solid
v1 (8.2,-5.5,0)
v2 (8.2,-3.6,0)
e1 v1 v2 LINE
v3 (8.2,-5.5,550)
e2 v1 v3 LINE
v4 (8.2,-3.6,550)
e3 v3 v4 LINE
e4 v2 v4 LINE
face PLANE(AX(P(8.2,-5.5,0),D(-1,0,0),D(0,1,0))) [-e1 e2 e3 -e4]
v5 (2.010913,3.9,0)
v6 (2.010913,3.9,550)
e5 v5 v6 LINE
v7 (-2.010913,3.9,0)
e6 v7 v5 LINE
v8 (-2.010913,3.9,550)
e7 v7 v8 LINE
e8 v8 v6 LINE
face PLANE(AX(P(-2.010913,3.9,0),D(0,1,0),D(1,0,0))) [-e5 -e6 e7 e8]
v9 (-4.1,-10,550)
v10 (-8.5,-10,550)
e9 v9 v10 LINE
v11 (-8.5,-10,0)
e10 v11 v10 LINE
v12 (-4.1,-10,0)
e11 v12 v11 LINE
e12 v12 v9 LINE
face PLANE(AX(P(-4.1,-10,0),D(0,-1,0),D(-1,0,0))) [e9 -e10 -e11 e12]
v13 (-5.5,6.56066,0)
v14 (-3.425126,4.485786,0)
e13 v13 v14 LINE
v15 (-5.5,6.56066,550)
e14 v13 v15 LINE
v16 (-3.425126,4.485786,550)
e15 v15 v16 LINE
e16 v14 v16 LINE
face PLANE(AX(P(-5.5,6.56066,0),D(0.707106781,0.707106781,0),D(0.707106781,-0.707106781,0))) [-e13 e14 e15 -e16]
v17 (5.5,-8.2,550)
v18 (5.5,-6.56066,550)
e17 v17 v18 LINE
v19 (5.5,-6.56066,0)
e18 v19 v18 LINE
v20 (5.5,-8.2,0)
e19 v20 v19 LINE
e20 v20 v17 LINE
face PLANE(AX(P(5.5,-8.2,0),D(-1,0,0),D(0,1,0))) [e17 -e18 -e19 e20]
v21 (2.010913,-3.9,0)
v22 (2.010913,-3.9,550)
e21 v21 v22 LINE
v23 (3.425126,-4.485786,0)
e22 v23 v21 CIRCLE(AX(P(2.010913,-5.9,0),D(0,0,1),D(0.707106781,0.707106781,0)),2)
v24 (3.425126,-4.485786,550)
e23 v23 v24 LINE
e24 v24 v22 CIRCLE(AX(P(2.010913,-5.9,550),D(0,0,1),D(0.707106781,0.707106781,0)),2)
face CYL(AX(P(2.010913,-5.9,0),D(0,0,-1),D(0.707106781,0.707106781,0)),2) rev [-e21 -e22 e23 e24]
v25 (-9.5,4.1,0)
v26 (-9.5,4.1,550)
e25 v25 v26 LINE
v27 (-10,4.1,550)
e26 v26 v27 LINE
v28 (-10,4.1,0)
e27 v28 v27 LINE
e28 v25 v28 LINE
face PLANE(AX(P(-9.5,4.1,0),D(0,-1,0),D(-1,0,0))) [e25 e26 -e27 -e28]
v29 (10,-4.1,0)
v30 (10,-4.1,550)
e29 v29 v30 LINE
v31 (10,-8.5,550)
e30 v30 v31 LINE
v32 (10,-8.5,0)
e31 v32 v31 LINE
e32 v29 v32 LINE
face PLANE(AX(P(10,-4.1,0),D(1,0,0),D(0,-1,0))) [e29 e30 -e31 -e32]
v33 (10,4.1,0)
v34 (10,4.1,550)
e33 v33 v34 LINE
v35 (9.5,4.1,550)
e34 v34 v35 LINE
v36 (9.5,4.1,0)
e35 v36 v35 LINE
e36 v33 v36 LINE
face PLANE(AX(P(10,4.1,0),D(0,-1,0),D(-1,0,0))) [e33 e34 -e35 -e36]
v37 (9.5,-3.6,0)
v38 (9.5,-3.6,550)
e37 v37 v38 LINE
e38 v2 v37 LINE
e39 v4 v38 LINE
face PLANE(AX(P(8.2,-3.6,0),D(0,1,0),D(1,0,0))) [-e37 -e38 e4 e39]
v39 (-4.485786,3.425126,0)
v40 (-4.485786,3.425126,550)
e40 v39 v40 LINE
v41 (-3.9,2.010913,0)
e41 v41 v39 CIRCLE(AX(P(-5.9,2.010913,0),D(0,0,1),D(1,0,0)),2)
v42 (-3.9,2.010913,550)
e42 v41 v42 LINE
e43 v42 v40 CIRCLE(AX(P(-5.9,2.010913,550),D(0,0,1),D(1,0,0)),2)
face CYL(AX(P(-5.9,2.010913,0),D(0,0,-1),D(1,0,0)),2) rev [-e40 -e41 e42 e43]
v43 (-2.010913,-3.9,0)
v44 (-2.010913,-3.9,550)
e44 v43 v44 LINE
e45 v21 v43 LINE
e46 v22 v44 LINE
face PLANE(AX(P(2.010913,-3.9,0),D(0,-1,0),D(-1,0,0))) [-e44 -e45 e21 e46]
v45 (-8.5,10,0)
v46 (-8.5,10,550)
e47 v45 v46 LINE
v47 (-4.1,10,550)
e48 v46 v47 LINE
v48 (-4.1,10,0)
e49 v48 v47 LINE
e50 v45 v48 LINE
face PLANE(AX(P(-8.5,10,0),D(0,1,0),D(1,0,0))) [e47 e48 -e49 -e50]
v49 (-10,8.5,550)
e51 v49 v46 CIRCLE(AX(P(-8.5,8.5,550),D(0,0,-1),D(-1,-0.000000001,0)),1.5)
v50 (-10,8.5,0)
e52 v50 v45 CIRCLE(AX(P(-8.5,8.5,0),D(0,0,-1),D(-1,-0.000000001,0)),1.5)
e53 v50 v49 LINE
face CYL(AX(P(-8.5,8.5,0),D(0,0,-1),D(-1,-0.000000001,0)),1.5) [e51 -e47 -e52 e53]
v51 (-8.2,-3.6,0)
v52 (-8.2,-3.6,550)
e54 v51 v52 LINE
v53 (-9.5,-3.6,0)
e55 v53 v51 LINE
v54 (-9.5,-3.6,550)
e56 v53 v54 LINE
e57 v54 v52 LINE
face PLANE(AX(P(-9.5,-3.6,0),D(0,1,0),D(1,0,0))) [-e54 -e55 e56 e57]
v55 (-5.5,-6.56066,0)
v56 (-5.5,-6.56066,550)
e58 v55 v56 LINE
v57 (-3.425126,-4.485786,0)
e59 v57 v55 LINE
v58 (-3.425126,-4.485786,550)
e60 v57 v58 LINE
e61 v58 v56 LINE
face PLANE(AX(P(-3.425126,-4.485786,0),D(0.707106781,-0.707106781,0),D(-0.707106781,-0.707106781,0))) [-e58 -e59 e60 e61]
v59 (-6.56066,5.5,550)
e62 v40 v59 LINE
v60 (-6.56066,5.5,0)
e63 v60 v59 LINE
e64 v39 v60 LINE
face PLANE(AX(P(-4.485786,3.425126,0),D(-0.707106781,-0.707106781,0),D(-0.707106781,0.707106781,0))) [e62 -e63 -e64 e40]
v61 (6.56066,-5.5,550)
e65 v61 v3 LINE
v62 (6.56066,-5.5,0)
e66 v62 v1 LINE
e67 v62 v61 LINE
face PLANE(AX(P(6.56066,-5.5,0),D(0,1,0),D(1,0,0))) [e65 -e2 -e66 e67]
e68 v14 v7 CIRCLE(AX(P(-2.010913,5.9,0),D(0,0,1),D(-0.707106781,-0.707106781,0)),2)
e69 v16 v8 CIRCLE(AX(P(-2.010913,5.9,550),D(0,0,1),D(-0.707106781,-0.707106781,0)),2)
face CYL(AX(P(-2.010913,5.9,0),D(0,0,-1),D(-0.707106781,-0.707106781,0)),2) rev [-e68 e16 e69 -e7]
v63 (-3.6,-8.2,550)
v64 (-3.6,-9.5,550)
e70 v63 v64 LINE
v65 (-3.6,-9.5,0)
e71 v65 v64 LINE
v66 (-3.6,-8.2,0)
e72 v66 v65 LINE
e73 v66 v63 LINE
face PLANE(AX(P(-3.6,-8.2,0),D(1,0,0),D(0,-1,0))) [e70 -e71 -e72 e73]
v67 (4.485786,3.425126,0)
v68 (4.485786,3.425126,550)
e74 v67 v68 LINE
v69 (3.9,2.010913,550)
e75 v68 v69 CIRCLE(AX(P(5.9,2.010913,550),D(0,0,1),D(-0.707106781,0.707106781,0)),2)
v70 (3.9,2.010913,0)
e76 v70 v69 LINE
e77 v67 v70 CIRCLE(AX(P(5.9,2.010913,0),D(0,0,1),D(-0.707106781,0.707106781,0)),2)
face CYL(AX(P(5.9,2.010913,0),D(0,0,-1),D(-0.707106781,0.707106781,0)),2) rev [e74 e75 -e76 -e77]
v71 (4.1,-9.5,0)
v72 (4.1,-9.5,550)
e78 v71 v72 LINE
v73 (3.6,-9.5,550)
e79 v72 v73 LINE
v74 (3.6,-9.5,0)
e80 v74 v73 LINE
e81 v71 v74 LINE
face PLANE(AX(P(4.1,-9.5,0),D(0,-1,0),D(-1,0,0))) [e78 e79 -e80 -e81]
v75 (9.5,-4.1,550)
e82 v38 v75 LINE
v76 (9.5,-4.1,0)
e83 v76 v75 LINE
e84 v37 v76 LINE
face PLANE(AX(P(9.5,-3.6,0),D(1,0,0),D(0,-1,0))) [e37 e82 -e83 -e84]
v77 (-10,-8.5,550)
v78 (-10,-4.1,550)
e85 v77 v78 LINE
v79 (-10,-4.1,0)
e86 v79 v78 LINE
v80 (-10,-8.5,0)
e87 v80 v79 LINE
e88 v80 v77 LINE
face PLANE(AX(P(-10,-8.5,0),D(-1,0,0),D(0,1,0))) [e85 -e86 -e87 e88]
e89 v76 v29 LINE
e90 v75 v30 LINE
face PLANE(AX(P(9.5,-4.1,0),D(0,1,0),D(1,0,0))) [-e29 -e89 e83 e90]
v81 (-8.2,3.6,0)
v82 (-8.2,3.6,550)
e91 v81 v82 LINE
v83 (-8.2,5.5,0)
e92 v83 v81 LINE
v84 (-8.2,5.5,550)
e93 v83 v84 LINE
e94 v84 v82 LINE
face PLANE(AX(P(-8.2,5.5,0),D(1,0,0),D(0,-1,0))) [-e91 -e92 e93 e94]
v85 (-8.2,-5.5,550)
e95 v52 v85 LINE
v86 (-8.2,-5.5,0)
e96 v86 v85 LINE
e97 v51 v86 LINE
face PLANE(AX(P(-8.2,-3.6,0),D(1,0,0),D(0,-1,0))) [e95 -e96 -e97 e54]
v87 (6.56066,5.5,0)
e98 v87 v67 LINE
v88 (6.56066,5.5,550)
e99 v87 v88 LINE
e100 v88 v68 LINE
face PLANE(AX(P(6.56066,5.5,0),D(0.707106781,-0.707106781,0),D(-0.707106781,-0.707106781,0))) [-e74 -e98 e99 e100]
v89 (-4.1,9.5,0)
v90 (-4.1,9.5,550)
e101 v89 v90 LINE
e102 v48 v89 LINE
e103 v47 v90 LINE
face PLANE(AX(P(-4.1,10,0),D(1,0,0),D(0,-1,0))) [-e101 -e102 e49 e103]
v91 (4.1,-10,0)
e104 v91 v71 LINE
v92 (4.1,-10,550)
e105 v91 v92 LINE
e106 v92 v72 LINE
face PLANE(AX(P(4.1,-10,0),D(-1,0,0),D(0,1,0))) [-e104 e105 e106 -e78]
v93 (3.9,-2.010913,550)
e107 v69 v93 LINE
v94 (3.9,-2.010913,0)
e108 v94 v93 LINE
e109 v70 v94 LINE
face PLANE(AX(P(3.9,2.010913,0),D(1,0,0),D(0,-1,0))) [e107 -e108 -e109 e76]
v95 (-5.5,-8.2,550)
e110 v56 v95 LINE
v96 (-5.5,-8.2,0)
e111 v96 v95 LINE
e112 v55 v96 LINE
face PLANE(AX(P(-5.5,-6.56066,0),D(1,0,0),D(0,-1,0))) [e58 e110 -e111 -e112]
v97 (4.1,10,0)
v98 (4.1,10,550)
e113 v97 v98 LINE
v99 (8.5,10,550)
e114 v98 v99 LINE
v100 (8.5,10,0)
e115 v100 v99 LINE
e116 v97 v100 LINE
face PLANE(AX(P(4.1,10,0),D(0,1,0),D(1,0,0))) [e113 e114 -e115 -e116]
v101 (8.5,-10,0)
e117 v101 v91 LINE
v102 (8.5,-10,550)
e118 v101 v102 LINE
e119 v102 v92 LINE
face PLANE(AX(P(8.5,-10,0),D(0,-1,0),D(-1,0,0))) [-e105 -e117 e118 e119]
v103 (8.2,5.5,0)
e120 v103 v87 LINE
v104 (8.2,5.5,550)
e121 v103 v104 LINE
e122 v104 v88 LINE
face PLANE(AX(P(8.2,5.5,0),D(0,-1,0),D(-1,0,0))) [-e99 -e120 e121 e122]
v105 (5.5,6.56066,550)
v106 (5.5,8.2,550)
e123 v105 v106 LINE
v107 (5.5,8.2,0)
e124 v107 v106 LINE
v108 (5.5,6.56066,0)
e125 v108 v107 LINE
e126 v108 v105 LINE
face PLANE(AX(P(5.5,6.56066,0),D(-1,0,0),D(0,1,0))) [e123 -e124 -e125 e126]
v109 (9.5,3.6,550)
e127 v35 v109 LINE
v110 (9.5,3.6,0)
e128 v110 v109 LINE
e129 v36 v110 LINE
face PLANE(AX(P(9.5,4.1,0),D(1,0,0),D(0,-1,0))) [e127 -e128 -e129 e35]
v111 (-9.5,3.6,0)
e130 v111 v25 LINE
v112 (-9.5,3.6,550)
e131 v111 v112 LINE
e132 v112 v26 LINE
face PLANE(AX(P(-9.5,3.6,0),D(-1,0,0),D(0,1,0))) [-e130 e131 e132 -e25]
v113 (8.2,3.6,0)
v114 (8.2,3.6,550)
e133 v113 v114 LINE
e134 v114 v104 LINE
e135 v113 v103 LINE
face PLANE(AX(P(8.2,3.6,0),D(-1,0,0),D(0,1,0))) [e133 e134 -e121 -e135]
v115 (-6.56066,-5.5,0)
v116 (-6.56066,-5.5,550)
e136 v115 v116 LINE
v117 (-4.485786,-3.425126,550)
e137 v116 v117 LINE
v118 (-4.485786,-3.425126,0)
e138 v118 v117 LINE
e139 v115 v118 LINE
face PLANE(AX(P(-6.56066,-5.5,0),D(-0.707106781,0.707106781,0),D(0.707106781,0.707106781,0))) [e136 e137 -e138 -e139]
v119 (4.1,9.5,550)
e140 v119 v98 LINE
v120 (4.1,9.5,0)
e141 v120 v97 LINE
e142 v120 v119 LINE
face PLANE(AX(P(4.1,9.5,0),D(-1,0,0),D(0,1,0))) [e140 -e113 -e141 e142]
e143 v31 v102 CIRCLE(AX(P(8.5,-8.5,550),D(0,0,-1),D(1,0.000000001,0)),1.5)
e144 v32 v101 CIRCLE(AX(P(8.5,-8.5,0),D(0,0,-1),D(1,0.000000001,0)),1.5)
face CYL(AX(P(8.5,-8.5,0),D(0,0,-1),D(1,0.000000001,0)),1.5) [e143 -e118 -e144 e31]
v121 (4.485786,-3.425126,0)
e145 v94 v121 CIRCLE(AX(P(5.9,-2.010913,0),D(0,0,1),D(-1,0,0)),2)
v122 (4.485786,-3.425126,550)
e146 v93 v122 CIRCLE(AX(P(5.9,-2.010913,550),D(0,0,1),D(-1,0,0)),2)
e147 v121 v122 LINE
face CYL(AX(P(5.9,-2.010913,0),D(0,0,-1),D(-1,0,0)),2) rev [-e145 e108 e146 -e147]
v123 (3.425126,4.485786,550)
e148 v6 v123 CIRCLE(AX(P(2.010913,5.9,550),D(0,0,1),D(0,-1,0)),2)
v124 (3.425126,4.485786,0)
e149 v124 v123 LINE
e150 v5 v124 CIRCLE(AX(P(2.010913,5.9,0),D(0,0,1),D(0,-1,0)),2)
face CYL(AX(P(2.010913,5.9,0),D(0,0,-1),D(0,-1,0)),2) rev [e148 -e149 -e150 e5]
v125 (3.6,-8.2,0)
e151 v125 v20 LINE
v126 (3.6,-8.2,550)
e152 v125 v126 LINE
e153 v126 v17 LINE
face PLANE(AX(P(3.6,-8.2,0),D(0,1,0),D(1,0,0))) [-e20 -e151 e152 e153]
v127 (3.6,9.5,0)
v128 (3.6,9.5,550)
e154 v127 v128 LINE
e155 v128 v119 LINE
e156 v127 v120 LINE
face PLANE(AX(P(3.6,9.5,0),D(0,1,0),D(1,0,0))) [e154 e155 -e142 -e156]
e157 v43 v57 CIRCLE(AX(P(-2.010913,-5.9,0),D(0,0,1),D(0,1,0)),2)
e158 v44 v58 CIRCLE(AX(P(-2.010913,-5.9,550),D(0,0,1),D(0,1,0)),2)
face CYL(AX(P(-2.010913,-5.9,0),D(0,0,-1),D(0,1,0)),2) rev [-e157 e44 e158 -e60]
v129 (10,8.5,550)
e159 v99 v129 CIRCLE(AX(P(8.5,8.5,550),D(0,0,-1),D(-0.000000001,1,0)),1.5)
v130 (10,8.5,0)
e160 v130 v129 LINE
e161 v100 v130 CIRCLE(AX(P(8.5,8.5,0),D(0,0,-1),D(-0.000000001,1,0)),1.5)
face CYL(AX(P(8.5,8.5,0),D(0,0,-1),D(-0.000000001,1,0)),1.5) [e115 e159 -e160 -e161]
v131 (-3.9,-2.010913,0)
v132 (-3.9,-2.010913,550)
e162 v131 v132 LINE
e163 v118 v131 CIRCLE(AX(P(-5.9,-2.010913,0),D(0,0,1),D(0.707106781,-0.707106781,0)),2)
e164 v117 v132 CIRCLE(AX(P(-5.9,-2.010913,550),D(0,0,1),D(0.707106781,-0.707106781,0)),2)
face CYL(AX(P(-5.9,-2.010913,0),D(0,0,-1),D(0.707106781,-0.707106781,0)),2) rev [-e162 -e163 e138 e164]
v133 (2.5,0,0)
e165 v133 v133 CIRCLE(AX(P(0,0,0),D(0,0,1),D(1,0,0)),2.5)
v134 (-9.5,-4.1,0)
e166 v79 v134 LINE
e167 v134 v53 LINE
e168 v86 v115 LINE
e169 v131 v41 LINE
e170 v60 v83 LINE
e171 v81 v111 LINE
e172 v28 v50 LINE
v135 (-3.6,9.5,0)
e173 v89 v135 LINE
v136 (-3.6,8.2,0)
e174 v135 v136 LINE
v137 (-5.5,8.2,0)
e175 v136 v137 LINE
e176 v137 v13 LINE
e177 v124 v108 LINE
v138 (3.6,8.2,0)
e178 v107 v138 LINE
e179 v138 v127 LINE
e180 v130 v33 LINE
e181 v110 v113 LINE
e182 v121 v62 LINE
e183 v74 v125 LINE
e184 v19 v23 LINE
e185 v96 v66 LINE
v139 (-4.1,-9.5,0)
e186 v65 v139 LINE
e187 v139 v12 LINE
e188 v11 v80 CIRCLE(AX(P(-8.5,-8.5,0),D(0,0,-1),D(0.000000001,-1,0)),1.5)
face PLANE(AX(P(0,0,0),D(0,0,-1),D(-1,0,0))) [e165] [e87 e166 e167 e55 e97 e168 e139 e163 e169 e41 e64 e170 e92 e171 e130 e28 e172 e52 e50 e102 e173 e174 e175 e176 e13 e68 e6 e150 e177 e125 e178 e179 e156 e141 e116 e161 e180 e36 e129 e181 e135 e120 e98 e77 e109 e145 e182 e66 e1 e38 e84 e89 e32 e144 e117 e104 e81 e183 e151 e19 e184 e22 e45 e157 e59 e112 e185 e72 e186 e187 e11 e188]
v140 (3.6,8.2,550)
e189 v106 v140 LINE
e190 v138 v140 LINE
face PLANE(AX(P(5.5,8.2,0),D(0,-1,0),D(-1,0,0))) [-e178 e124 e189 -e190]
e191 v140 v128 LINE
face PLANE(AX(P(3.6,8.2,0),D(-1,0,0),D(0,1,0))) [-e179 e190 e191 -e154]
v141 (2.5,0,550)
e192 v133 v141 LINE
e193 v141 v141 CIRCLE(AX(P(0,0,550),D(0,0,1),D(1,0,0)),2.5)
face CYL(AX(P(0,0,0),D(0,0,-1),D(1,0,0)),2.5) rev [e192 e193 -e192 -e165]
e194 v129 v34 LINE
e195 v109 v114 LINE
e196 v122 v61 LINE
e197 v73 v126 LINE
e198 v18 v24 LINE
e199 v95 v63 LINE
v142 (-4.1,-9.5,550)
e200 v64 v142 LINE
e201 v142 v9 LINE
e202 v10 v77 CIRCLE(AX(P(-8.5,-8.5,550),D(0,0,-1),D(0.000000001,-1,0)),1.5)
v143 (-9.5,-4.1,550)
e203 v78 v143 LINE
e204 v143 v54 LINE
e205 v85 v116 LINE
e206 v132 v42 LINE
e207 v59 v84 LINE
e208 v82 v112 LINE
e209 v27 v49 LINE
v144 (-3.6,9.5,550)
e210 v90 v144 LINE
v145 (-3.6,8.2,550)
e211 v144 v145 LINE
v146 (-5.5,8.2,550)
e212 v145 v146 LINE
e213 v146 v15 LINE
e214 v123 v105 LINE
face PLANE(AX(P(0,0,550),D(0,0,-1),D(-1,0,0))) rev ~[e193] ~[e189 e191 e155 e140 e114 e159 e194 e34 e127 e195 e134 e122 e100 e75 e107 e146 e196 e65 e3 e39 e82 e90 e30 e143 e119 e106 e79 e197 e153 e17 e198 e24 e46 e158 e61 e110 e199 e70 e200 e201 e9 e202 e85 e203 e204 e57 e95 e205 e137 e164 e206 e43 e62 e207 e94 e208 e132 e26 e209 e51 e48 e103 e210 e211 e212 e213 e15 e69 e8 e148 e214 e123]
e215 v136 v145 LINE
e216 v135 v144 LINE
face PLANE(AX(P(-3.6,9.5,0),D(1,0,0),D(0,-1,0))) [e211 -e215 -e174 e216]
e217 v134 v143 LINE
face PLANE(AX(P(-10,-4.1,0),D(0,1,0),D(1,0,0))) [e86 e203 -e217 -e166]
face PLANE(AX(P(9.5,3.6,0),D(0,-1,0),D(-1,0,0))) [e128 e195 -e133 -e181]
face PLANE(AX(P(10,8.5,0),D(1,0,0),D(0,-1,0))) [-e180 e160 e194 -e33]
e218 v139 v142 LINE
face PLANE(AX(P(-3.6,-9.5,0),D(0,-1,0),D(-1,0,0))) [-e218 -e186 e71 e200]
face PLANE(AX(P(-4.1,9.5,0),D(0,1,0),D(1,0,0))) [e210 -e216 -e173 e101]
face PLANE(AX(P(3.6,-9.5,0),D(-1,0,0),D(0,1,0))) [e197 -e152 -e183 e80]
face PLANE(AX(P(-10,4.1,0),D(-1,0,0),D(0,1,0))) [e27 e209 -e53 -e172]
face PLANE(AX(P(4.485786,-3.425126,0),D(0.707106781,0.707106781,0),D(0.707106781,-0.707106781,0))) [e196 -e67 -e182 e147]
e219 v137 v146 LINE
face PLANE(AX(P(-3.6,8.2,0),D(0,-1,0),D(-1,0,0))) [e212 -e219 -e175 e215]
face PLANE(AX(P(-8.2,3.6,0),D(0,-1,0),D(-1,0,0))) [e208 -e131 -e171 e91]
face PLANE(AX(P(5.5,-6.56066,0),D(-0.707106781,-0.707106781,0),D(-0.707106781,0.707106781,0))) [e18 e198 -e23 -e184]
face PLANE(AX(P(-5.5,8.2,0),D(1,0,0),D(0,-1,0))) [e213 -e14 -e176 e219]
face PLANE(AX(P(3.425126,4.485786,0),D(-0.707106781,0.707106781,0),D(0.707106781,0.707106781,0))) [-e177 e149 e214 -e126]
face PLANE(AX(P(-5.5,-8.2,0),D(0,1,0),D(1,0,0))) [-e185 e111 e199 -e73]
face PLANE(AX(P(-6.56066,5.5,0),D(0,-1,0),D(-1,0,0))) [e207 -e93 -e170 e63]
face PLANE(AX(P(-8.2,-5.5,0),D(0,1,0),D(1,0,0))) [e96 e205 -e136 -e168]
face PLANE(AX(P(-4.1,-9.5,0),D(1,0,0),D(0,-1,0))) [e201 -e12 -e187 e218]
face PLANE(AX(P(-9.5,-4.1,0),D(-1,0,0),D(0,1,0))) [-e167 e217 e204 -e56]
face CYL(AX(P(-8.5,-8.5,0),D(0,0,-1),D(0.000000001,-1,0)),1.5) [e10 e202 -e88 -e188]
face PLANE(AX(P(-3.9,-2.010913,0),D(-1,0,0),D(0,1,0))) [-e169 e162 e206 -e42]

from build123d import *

# Parameters (mm, degrees)
SKETCH1_R           = 2.5
BOSS_EXTRUDE2_DEPTH = 550


with BuildPart() as part:
    # Sketch1 → Boss-Extrude2 (new body)
    with BuildSketch(Plane.XY):
        with BuildLine():
            Line((10, -4.1), (10, -8.5))
            ThreePointArc((10, -8.5), (9.560660172, -9.560660172), (8.5, -10))
            Line((8.5, -10), (4.1, -10))
            Line((4.1, -10), (4.1, -9.5))
            Line((4.1, -9.5), (3.6, -9.5))
            Line((3.6, -9.5), (3.6, -8.2))
            Line((3.6, -8.2), (5.5, -8.2))
            Line((5.5, -8.2), (5.5, -6.560660172))
            Line((5.5, -6.560660172), (3.425126266, -4.485786438))
            ThreePointArc((3.425126266, -4.485786438), (2.776279568, -4.052240935), (2.010912703, -3.9))
            Line((2.010912703, -3.9), (-2.010912703, -3.9))
            ThreePointArc((-2.010912703, -3.9), (-2.776279568, -4.052240935), (-3.425126266, -4.485786438))
            Line((-3.425126266, -4.485786438), (-5.5, -6.560660172))
            Line((-5.5, -6.560660172), (-5.5, -8.2))
            Line((-5.5, -8.2), (-3.6, -8.2))
            Line((-3.6, -8.2), (-3.6, -9.5))
            Line((-3.6, -9.5), (-4.1, -9.5))
            Line((-4.1, -9.5), (-4.1, -10))
            Line((-4.1, -10), (-8.5, -10))
            ThreePointArc((-8.5, -10), (-9.560660172, -9.560660172), (-10, -8.5))
            Line((-10, -8.5), (-10, -4.1))
            Line((-10, -4.1), (-9.5, -4.1))
            Line((-9.5, -4.1), (-9.5, -3.6))
            Line((-9.5, -3.6), (-8.2, -3.6))
            Line((-8.2, -3.6), (-8.2, -5.5))
            Line((-8.2, -5.5), (-6.560660172, -5.5))
            Line((-6.560660172, -5.5), (-4.485786438, -3.425126266))
            ThreePointArc((-4.485786438, -3.425126266), (-4.052240935, -2.776279568), (-3.9, -2.010912703))
            Line((-3.9, -2.010912703), (-3.9, 2.010912703))
            ThreePointArc((-3.9, 2.010912703), (-4.052240935, 2.776279568), (-4.485786438, 3.425126266))
            Line((-4.485786438, 3.425126266), (-6.560660172, 5.5))
            Line((-6.560660172, 5.5), (-8.2, 5.5))
            Line((-8.2, 5.5), (-8.2, 3.6))
            Line((-8.2, 3.6), (-9.5, 3.6))
            Line((-9.5, 3.6), (-9.5, 4.1))
            Line((-9.5, 4.1), (-10, 4.1))
            Line((-10, 4.1), (-10, 8.5))
            ThreePointArc((-10, 8.5), (-9.560660172, 9.560660172), (-8.5, 10))
            Line((-8.5, 10), (-4.1, 10))
            Line((-4.1, 10), (-4.1, 9.5))
            Line((-4.1, 9.5), (-3.6, 9.5))
            Line((-3.6, 9.5), (-3.6, 8.2))
            Line((-3.6, 8.2), (-5.5, 8.2))
            Line((-5.5, 8.2), (-5.5, 6.560660172))
            Line((-5.5, 6.560660172), (-3.425126266, 4.485786438))
            ThreePointArc((-3.425126266, 4.485786438), (-2.776279568, 4.052240935), (-2.010912703, 3.9))
            Line((-2.010912703, 3.9), (2.010912703, 3.9))
            ThreePointArc((2.010912703, 3.9), (2.776279568, 4.052240935), (3.425126266, 4.485786438))
            Line((3.425126266, 4.485786438), (5.5, 6.560660172))
            Line((5.5, 6.560660172), (5.5, 8.2))
            Line((5.5, 8.2), (3.6, 8.2))
            Line((3.6, 8.2), (3.6, 9.5))
            Line((3.6, 9.5), (4.1, 9.5))
            Line((4.1, 9.5), (4.1, 10))
            Line((4.1, 10), (8.5, 10))
            ThreePointArc((8.5, 10), (9.560660172, 9.560660172), (10, 8.5))
            Line((10, 8.5), (10, 4.1))
            Line((10, 4.1), (9.5, 4.1))
            Line((9.5, 4.1), (9.5, 3.6))
            Line((9.5, 3.6), (8.2, 3.6))
            Line((8.2, 3.6), (8.2, 5.5))
            Line((8.2, 5.5), (6.560660172, 5.5))
            Line((6.560660172, 5.5), (4.485786438, 3.425126266))
            ThreePointArc((4.485786438, 3.425126266), (4.052240935, 2.776279568), (3.9, 2.010912703))
            Line((3.9, 2.010912703), (3.9, -2.010912703))
            ThreePointArc((3.9, -2.010912703), (4.052240935, -2.776279568), (4.485786438, -3.425126266))
            Line((4.485786438, -3.425126266), (6.560660172, -5.5))
            Line((6.560660172, -5.5), (8.2, -5.5))
            Line((8.2, -5.5), (8.2, -3.6))
            Line((8.2, -3.6), (9.5, -3.6))
            Line((9.5, -3.6), (9.5, -4.1))
            Line((9.5, -4.1), (10, -4.1))
        make_face()
        Circle(SKETCH1_R, mode=Mode.SUBTRACT)
    extrude(amount=BOSS_EXTRUDE2_DEPTH)


solid = part.part
